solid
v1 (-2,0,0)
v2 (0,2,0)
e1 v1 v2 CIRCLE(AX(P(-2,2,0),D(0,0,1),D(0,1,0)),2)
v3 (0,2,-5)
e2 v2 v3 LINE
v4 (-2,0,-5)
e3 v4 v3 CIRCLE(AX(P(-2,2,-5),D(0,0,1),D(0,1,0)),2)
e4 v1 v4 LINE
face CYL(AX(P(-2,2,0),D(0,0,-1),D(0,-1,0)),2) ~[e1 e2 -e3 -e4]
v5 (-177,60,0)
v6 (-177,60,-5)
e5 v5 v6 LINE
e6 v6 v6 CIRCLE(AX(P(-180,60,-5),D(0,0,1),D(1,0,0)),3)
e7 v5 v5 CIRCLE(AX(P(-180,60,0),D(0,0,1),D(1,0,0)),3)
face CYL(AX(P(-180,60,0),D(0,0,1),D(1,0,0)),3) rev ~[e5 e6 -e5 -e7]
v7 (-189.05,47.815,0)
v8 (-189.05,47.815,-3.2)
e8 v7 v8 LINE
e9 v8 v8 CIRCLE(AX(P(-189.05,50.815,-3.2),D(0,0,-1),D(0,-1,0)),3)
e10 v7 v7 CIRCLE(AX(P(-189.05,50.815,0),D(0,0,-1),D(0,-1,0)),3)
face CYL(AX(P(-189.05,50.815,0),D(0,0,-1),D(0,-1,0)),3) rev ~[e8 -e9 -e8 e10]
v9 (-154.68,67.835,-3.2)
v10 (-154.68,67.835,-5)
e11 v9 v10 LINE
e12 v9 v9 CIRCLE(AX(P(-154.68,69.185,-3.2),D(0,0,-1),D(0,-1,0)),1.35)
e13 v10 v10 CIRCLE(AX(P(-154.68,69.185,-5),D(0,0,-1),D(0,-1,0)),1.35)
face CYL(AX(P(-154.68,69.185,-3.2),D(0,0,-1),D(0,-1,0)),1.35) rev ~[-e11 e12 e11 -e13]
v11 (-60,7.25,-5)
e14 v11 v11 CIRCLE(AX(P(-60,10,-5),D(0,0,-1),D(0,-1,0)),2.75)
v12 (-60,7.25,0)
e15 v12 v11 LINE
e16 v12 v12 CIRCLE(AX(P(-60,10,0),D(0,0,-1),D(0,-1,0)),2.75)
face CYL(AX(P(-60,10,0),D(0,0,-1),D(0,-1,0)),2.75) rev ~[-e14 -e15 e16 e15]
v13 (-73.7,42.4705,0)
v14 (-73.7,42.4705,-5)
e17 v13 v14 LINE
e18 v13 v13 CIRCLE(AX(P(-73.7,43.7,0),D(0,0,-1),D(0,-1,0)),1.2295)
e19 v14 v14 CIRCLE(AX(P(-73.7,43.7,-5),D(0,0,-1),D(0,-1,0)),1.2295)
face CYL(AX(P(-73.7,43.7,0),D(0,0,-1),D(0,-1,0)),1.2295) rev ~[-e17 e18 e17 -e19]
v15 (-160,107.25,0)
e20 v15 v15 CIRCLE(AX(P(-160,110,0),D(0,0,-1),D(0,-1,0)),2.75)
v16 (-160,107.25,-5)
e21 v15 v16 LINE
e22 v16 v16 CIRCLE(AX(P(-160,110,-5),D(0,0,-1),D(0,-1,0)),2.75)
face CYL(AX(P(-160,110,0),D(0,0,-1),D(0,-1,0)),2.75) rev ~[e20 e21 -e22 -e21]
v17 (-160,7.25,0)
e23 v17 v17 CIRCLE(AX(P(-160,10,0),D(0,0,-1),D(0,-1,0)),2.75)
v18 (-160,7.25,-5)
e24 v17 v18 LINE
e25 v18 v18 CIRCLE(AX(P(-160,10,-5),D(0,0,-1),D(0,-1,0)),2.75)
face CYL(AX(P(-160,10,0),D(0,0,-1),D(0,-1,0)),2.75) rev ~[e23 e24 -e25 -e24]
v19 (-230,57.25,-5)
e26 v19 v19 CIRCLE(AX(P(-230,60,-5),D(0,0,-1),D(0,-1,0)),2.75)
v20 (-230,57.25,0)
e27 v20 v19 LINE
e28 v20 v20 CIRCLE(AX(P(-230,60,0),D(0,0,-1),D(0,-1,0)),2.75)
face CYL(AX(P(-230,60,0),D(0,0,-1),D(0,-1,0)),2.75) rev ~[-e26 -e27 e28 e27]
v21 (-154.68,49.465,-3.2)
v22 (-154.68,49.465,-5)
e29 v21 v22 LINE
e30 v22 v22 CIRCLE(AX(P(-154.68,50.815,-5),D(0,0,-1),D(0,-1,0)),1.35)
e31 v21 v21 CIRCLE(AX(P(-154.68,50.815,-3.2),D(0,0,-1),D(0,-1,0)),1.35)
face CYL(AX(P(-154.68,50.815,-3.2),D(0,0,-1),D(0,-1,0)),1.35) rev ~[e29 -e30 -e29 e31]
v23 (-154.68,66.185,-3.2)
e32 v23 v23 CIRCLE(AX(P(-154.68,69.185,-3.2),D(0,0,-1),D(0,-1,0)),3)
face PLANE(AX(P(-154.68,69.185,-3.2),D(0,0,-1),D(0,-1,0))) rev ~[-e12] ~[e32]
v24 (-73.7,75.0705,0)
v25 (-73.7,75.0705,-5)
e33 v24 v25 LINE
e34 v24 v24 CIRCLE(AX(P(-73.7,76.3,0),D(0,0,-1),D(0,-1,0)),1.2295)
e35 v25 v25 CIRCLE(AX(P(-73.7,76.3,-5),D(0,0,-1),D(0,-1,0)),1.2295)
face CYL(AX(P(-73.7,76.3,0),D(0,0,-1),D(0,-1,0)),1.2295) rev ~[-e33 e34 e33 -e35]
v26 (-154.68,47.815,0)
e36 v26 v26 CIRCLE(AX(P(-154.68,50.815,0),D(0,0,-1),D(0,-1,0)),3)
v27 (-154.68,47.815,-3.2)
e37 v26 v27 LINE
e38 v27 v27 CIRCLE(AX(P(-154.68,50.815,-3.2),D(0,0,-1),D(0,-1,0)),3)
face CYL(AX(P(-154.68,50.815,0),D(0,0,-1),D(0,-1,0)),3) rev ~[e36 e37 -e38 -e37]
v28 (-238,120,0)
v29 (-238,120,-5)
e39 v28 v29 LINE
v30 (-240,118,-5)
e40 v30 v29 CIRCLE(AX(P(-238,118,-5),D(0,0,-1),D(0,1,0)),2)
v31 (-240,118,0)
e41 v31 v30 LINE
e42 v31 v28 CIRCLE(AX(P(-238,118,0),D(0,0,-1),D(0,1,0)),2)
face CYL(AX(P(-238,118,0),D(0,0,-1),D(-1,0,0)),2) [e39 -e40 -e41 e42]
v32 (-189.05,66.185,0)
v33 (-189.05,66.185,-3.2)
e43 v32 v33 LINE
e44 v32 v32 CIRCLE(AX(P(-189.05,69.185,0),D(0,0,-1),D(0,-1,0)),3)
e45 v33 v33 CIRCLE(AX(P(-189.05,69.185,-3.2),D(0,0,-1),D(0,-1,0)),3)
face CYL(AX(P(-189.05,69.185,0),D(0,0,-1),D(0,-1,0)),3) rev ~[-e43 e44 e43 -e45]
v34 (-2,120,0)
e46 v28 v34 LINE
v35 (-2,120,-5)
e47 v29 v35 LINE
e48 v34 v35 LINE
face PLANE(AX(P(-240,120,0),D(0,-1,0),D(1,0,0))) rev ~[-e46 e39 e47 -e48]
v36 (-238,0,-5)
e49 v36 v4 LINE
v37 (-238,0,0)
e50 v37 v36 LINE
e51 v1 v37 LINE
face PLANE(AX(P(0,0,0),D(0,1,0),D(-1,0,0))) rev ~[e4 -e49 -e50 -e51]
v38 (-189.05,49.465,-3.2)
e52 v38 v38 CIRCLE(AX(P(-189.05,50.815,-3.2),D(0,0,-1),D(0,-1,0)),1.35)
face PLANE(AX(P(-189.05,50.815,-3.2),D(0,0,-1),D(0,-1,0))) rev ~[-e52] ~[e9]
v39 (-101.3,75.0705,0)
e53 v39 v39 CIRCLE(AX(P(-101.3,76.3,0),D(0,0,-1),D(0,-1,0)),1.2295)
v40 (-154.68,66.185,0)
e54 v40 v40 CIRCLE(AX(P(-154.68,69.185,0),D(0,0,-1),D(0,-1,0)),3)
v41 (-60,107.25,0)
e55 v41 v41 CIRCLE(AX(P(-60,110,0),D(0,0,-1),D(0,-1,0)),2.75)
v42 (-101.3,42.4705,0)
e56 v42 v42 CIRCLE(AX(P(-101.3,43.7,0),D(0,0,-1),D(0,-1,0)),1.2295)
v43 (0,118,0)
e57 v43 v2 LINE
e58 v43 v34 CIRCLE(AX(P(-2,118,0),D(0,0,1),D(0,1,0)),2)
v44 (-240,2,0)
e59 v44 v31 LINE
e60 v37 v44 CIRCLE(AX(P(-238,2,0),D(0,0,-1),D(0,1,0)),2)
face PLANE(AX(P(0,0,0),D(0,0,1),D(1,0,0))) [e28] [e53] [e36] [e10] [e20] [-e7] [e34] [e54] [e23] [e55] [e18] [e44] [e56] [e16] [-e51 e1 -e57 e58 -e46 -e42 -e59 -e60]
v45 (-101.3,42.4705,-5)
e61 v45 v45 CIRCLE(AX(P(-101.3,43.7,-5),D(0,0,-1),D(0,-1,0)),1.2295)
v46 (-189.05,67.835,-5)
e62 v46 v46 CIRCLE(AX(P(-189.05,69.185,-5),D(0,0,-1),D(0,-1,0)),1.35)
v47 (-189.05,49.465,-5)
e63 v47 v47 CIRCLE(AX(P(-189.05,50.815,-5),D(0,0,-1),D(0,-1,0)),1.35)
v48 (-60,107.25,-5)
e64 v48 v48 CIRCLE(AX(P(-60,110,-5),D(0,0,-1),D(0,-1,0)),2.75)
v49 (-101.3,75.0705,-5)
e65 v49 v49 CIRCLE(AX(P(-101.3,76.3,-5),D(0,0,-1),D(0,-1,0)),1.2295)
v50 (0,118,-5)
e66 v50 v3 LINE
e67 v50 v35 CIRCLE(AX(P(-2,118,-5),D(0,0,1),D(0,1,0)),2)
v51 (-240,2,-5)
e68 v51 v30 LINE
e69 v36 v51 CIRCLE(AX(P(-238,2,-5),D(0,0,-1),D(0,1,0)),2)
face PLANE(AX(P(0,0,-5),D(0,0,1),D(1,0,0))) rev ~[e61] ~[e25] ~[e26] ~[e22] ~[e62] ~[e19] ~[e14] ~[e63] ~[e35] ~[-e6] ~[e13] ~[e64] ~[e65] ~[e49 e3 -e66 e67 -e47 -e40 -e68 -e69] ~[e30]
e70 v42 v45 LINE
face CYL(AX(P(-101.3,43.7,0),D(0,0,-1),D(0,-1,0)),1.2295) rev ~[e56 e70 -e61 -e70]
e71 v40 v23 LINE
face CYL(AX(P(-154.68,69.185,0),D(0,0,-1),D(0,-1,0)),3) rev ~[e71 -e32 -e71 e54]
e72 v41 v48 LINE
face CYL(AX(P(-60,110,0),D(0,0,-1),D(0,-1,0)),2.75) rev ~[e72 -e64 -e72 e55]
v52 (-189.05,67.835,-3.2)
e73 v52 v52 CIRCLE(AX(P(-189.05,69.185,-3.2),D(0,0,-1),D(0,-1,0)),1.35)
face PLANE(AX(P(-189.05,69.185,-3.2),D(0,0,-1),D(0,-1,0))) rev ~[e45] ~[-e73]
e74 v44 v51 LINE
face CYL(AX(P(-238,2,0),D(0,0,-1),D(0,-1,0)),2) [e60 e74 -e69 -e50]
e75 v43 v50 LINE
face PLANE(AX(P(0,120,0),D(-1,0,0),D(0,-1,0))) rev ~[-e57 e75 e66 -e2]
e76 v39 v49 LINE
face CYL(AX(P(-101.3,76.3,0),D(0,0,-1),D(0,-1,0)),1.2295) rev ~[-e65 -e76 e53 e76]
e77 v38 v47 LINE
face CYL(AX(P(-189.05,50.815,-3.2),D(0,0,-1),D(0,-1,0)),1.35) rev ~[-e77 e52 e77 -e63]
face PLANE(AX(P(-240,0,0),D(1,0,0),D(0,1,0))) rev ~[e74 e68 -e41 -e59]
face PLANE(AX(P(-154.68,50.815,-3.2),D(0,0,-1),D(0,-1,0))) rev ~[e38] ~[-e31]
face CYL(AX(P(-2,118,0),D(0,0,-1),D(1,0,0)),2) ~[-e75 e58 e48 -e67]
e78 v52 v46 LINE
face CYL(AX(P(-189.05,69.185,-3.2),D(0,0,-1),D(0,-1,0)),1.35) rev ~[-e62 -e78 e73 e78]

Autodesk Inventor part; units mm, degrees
ref_plane "YZ Plane" through (0, 0, 0) normal (1, 0, 0) x (0, 1, 0)
ref_plane "XZ Plane" through (0, 0, 0) normal (0, 1, 0) x (-1, 0, 0)
ref_plane "XY Plane" through (0, 0, 0) normal (0, 0, 1) x (1, 0, 0)
sketch "Skizze3" plane through (0, 0, 0) normal (0, 0, 1) x (1, 0, 0)
  line L0 (0, 0) -> (-120, 0)
  line L1 (-240, 0) -> (-240, 120)
  line L2 (-240, 120) -> (0, 120)
  line L3 (0, 120) -> (0, 0)
  line L4 (-248.2253, 60) -> (-229.9902, 60) construction
  line L5 (-189.05, 39.8483) -> (-189.05, 104.036) construction
  line L6 (-205.9145, 69.185) -> (-155.0384, 69.185) construction
  line L7 (-154.68, 50.3276) -> (-154.68, 100.4743) construction
  line L8 (-153.2541, 50.815) -> (-196.0103, 50.815) construction
  circle A0 centre (-180, 60) radius 3
  line L9 (-105, 40) -> (-80, 40)
  line L10 (-80, 40) -> (-80, 80)
  line L11 (-80, 80) -> (-105, 80)
  line L12 (-105, 80) -> (-105, 40)
  line L13 (-120, -37.5982) -> (-120, -22.8575) construction
  line L14 (-120, 0) -> (-240, 0)
  line L15 (-60, -24.367) -> (-60, 44.367) construction
  circle A1 centre (-180, 60) radius 20.5
  point P0 (-240, 60)
  point P1 (-189.05, 69.185)
  point P2 (-189.05, 50.815)
  point P3 (-154.68, 50.815)
  point P4 (-154.68, 69.185)
  point P5 (-105, 60)
  point P6 (-101.3, 43.7)
  point P7 (-230, 60)
  point P8 (-120, 120)
  point P9 (-180, 0)
  point P10 (-60, 0)
  point P11 (-60, 10)
  point P12 (-160, 10)
  point P13 (-160, 110)
  point P14 (-60, 110)
  point P15 (-60, 10)
  dimension "d4" = 120
  dimension "d5" = 240
  dimension "d6" = 60
  dimension "d8" = 9.05
  dimension "d9" = 34.37
  dimension "d11" = 9.185
  dimension "d12" = 18.37
  dimension "d17" = 6
  dimension "d18" = 40
  dimension "d19" = 25
  dimension "d20" = 75
  dimension "d21" = 3.7
  dimension "d22" = 3.7
  dimension "d39" = 10
  dimension "d40" = 10
  dimension "d41" = 10
  dimension "d42" = 10
  dimension "d43" = 10
  dimension "d51" = 80
  dimension "d52" = 80
  dimension "d53" = 41
extrude "Extrusion3" add sketch "Skizze3" against normal blind 5 contours L0 L14 L1 L2 L3 | L12 L11 L10 L9 | A1
hole "Bohrung1" at (-101.3, 43.7, 0) direction (0, 0, -1) diameter 2.459 end through all thread size "M3x0.5" class "6H" standard "ISO Metric profile"
pattern_linear "Rechteckige Anordnung1" count 2 spacing 32.6 along (0, 1, 0) count 2 spacing 27.6 along (1, 0, 0) of "Bohrung1"
fillet "Rundung1" radius 2 4 edges at (-240, 120, -2.5) (-240, 0, -2.5) (0, 120, -2.5) (0, 0, -2.5)
hole "Bohrung2" at (-230, 60, 0) at (-60, 10, 0) at (-160, 10, 0) at (-160, 110, 0) at (-60, 110, 0) direction (0, 0, -1) diameter 5.5 end through all
hole "Bohrung3" at (-189.05, 69.185, 0) at (-189.05, 50.815, 0) at (-154.68, 50.815, 0) at (-154.68, 69.185, 0) direction (0, 0, -1) diameter 2.7 end through all counterbore diameter 6 counterbore depth 3.2
equation "\"d22\" = d21"
equation "\"d41\" = d40"
equation "\"d42\" = d41"
equation "\"d43\" = d42"
equation "\"d34\" = d18 - 2 * d22"
properties part number "BT002_trajan20_21" material "Acryl"
